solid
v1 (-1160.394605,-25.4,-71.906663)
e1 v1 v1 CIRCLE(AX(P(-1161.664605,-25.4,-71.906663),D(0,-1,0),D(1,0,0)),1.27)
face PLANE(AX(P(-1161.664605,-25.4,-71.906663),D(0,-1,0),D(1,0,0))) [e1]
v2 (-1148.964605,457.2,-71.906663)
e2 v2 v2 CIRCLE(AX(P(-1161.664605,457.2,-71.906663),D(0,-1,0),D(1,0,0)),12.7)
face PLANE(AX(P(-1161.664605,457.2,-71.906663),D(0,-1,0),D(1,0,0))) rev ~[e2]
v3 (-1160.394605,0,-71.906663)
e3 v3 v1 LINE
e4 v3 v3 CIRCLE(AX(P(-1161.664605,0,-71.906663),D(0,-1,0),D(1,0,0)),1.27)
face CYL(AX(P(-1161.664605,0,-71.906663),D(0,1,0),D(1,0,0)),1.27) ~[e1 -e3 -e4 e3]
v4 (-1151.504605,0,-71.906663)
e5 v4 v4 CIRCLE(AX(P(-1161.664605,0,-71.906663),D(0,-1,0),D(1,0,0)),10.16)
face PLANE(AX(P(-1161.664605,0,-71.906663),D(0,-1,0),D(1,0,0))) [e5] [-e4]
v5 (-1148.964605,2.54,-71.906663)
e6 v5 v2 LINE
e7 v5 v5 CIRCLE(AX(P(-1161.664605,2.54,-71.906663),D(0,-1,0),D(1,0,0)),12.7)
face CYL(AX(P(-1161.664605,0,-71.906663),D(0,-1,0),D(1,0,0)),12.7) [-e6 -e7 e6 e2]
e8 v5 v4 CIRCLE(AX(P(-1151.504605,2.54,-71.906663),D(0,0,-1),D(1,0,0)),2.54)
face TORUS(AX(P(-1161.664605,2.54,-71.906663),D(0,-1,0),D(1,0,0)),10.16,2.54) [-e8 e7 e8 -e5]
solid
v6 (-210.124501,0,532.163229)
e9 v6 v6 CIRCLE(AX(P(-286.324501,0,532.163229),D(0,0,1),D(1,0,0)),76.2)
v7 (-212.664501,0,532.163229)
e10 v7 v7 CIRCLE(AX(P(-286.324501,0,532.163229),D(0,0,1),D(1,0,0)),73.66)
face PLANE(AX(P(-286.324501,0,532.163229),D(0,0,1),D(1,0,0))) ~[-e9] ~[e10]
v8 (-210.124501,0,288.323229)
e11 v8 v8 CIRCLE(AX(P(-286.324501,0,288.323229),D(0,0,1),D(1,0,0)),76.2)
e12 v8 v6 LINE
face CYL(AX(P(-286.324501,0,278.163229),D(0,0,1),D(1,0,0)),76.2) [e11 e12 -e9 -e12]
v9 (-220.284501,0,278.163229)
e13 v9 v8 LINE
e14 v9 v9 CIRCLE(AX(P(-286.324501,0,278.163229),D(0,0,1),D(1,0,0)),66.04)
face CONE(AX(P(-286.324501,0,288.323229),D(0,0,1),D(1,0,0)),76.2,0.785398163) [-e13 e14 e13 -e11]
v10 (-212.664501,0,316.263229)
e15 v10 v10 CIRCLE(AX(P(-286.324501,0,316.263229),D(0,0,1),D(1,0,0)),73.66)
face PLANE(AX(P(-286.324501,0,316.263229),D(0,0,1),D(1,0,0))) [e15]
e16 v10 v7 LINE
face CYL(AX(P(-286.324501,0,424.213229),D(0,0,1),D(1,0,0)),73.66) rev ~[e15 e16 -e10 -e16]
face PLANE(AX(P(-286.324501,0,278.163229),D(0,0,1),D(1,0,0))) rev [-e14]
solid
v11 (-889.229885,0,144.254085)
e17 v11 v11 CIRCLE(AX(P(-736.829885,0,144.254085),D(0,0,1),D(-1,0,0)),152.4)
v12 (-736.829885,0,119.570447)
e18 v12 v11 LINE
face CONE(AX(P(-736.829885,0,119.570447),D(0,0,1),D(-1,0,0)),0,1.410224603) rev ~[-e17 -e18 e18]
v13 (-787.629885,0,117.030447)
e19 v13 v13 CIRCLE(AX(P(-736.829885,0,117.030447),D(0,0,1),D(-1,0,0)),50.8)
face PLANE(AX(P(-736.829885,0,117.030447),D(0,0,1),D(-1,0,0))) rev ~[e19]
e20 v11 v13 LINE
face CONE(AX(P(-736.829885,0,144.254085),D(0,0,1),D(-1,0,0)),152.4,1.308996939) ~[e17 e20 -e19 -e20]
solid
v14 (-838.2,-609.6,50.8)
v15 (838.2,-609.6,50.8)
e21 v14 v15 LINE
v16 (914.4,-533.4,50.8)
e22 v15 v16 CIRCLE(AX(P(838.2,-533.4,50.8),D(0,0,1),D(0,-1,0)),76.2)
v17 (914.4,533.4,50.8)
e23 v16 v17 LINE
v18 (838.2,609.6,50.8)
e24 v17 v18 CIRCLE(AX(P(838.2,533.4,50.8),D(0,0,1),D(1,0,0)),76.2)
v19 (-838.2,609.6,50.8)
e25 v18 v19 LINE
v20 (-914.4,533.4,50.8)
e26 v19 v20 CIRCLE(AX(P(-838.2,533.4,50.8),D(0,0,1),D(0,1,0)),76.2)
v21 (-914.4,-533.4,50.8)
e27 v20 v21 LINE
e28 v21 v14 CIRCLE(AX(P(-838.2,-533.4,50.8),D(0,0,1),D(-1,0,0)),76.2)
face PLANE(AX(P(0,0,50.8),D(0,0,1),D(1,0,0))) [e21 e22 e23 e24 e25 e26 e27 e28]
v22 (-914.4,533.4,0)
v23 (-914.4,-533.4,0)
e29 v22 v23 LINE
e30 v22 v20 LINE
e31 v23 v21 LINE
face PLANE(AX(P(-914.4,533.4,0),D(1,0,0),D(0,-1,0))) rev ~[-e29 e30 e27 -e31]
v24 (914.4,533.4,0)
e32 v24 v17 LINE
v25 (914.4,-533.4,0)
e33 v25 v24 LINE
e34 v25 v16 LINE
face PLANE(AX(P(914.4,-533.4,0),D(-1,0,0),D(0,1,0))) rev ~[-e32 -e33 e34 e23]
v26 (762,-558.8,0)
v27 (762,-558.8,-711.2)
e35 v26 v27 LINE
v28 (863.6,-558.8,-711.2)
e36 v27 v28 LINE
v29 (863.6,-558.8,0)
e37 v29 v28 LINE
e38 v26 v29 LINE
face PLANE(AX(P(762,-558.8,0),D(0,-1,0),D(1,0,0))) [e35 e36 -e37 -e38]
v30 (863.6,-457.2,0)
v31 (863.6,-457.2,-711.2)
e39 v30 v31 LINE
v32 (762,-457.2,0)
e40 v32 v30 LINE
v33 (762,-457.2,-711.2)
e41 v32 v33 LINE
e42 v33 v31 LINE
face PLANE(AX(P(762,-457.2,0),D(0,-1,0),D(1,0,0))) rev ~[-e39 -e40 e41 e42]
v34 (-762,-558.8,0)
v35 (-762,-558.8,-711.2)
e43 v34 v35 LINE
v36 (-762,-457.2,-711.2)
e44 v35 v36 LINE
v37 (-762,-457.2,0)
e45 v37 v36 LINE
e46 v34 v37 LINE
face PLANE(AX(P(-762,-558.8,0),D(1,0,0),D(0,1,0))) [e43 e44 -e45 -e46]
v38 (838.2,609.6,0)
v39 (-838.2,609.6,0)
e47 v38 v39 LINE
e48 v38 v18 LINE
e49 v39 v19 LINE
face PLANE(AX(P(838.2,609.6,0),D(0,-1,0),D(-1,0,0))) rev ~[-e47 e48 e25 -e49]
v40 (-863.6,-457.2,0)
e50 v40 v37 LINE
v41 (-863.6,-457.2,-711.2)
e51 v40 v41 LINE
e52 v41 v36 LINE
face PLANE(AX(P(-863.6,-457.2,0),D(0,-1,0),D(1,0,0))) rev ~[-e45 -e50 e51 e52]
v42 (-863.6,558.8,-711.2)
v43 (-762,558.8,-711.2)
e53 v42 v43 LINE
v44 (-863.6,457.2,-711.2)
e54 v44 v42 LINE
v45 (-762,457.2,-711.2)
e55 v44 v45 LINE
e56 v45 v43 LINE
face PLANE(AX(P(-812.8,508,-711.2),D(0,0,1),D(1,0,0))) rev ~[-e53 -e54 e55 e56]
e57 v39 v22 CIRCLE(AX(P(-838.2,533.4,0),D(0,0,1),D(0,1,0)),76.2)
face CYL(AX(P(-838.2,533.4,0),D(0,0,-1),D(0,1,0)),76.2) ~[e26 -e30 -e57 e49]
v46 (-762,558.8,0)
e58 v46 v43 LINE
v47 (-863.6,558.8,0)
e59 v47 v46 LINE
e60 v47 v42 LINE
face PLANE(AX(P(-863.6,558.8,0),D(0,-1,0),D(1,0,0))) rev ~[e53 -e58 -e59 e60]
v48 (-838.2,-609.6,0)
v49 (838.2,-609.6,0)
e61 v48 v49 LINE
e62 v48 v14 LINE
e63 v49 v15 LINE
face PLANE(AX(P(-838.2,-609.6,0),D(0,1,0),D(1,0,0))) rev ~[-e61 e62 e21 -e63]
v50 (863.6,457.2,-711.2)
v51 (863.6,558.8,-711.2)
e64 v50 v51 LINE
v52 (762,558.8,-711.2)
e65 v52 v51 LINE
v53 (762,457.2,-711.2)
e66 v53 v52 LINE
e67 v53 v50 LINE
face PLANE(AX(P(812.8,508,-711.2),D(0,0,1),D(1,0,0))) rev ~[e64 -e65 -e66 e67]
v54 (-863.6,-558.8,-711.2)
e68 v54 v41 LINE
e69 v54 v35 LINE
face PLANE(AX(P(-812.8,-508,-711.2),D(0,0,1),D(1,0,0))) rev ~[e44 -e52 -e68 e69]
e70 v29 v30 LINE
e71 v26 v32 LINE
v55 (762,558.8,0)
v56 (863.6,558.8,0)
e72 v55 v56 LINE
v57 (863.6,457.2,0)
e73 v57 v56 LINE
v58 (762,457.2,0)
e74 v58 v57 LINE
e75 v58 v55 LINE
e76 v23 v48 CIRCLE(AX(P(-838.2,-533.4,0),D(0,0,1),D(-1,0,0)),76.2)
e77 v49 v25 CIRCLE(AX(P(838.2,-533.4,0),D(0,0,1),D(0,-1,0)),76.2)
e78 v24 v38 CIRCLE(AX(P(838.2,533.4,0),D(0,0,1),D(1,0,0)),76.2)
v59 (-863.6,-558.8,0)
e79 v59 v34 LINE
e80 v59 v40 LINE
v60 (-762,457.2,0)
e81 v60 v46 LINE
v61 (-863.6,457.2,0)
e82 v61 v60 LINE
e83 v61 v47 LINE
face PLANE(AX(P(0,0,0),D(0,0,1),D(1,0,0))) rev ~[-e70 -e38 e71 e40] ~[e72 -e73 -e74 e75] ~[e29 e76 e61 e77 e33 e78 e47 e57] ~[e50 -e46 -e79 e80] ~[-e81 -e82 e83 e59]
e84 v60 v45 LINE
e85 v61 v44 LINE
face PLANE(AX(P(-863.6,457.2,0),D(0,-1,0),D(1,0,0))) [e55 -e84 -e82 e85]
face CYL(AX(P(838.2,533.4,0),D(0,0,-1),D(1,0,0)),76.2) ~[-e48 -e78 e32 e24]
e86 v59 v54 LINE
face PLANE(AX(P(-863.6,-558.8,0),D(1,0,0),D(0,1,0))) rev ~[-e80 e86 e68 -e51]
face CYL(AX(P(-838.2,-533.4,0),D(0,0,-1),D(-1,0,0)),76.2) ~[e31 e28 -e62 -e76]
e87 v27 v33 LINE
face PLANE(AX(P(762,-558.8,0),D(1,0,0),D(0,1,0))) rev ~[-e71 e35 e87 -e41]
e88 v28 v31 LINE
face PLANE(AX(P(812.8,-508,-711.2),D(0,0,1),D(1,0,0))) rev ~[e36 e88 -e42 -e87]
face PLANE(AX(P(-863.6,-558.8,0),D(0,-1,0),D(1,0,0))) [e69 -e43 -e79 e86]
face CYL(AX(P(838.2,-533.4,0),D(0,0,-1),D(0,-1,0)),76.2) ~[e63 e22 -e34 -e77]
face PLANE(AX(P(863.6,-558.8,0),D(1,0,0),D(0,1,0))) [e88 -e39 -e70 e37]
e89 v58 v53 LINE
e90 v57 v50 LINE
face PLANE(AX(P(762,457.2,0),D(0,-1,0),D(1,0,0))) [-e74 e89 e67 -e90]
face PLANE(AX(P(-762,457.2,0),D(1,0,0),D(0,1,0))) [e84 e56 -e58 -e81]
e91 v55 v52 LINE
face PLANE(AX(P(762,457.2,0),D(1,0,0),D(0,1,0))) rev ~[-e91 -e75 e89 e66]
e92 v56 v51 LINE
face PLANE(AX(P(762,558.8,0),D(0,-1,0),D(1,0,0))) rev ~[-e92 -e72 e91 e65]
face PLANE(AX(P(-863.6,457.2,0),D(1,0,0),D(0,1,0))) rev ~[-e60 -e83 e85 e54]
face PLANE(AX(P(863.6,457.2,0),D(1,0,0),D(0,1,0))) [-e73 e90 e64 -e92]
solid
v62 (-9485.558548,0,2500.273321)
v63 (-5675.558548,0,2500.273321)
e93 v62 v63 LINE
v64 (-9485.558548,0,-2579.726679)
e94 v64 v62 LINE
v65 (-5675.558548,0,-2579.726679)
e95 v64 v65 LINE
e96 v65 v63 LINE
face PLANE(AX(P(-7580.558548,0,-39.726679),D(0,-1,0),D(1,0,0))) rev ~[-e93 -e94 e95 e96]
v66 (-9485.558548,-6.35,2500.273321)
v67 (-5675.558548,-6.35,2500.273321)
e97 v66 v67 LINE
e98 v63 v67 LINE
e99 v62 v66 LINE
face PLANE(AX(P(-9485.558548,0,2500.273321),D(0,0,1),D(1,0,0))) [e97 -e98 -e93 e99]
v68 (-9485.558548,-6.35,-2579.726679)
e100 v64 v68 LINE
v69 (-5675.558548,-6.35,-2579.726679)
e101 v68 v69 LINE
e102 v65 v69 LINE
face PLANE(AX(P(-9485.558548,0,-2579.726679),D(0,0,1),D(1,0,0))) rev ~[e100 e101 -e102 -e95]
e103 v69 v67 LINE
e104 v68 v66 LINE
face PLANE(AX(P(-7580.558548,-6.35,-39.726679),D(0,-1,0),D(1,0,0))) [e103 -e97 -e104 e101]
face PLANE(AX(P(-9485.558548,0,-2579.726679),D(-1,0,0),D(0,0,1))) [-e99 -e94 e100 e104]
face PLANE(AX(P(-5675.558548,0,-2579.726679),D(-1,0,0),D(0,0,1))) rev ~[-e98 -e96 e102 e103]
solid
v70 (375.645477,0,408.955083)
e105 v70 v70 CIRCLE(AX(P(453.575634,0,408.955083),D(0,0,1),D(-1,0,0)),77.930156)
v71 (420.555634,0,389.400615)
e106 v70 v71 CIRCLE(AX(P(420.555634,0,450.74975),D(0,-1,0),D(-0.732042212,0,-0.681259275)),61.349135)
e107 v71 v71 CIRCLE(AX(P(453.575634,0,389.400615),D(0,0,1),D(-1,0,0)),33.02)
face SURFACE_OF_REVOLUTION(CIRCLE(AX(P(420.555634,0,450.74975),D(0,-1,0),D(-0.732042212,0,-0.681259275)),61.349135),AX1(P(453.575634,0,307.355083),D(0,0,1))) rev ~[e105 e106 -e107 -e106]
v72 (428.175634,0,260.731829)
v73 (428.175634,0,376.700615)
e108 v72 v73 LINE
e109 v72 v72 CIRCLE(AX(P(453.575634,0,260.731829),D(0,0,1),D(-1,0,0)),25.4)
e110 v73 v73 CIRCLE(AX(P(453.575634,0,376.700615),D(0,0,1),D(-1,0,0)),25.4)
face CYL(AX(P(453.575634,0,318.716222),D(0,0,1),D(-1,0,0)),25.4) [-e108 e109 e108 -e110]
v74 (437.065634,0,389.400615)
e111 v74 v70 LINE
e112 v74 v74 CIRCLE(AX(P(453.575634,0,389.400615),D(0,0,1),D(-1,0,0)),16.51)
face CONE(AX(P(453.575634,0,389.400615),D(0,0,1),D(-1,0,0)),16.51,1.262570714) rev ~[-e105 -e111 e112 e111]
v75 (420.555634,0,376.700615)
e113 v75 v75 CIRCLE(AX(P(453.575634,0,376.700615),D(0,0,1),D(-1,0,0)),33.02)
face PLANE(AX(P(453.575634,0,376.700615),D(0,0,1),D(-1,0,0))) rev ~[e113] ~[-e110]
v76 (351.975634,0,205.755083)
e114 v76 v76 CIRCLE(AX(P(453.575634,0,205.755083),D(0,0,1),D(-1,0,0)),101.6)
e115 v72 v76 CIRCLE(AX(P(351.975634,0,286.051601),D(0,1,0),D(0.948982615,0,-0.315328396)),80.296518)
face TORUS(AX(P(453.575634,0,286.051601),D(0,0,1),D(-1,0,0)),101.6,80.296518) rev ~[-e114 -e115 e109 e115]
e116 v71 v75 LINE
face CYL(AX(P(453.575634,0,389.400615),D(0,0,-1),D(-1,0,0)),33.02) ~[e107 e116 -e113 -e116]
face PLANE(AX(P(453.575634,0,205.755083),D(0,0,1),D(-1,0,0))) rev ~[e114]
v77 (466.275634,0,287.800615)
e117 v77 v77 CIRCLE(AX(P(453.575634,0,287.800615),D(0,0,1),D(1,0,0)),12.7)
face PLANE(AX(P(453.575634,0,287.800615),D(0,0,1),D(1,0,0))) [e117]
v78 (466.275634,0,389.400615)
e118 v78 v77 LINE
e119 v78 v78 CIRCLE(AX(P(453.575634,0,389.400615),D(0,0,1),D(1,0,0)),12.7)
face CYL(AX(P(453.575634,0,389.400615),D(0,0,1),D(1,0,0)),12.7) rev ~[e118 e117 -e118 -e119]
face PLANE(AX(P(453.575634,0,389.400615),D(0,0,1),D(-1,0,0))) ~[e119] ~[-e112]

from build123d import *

# Parameters (mm, degrees)
F0_W      = 101.6
F0_H      = 101.6
F1_DEPTH  = 50.8
F2_DEPTH  = 711.2
F3_W      = 2.54
F3_H      = 215.9
F5_SIZE   = 10.16
F8_R      = 12.7
F8_R_2    = 1.27
F9_DEPTH  = 457.2
F10_DEPTH = 25.4
F11_R     = 2.54
F12_W     = 25.4
F12_H     = 115.9687861614
F14_R     = 12.7
F15_DEPTH = 101.6
F16_W     = 3810
F16_H     = 5080
F17_DEPTH = 6.35


with BuildPart() as f1:
    # F0 (on Top) → F1 (new body)
    with BuildSketch(Plane.XY):
        with BuildLine():
            Line((838.2, 609.6), (-838.2, 609.6))
            ThreePointArc((-838.2, 609.6), (-892.0815367264, 587.2815367264), (-914.4, 533.4))
            Line((-914.4, 533.4), (-914.4, -533.4))
            ThreePointArc((-914.4, -533.4), (-892.0815367264, -587.2815367264), (-838.2, -609.6))
            Line((-838.2, -609.6), (838.2, -609.6))
            ThreePointArc((838.2, -609.6), (892.0815367264, -587.2815367264), (914.4, -533.4))
            Line((914.4, -533.4), (914.4, 533.4))
            ThreePointArc((914.4, 533.4), (892.0815367264, 587.2815367264), (838.2, 609.6))
        make_face()
        with Locations((-812.8, -508)):
            Rectangle(F0_W, F0_H, mode=Mode.SUBTRACT)
        with Locations((812.8, -508)):
            Rectangle(F0_W, F0_H, mode=Mode.SUBTRACT)
        with Locations((-812.8, 508)):
            Rectangle(F0_W, F0_H, mode=Mode.SUBTRACT)
        with Locations((812.8, 508)):
            Rectangle(F0_W, F0_H, mode=Mode.SUBTRACT)
        with Locations((-812.8, -508)):
            Rectangle(F0_W, F0_H)
        with Locations((812.8, -508)):
            Rectangle(F0_W, F0_H)
        with Locations((812.8, 508)):
            Rectangle(F0_W, F0_H)
        with Locations((-812.8, 508)):
            Rectangle(F0_W, F0_H)
    extrude(amount=F1_DEPTH)

    # F0 (on Top) → F2 (join)
    with BuildSketch(Plane.XY):
        with Locations((-812.8, -508)):
            Rectangle(F0_W, F0_H)
        with Locations((-812.8, 508)):
            Rectangle(F0_W, F0_H)
        with Locations((812.8, 508)):
            Rectangle(F0_W, F0_H)
        with Locations((812.8, -508)):
            Rectangle(F0_W, F0_H)
    extrude(amount=-F2_DEPTH)


with BuildPart() as f4:
    # F3 (on Front) → F4 (revolve)
    with BuildSketch(Plane.XZ):
        Polygon((-286.3245010376, 316.2632285118), (-286.3245010376, 278.1632285118), (-210.1245010376, 278.1632285118), (-210.1245010376, 316.2632285118), (-212.6645010376, 316.2632285118), align=None)
        with Locations((-211.3945010376, 424.2132285118)):
            Rectangle(F3_W, F3_H)
    revolve(axis=Axis((-286.3245010376, 0, 405.1632285118), (0, 0, 1)))

    # F5
    f5_edges = [f4.edges().sort_by_distance(p)[0] for p in [
        (-362.524501, 0, 278.163229),
    ]]
    chamfer(f5_edges, length=F5_SIZE)


with BuildPart() as f7:
    # F6 (on Front) → F7 (revolve)
    with BuildSketch(Plane.XZ):
        Polygon((-787.6298852921, 117.0304474873), (-736.8298852921, 117.0304474873), (-736.8298852921, 119.5704474873), (-889.2298852921, 144.2540854383), align=None)
    revolve(axis=Axis((-736.8298852921, 0, 187.9355122422), (0, 0, 1)))


with BuildPart() as f9:
    # F8 (on Front) → F9 (new body)
    with BuildSketch(Plane.XZ):
        with Locations((-1161.6646051407, -71.9066634774)):
            Circle(F8_R)
        with Locations((-1161.6646051407, -71.9066634774)):
            Circle(F8_R_2, mode=Mode.SUBTRACT)
        with Locations((-1161.6646051407, -71.9066634774)):
            Circle(F8_R_2)
    extrude(amount=-F9_DEPTH)

    # F8 (on Front) → F10 (join)
    with BuildSketch(Plane.XZ):
        with Locations((-1161.6646051407, -71.9066634774)):
            Circle(F8_R_2)
    extrude(amount=F10_DEPTH)

    # F11
    f11_edges = [f9.edges().sort_by_distance(p)[0] for p in [
        (-1174.364605, 0, -71.906663),
    ]]
    fillet(f11_edges, radius=F11_R)


with BuildPart() as f13:
    # F12 (on Front) → F13 (revolve)
    with BuildSketch(Plane.XZ):
        Polygon((428.1756336873, 376.7006152139), (453.5756336873, 376.7006152139), (453.5756336873, 389.4006152139), (437.0656336873, 389.4006152139), (420.5556336873, 389.4006152139), (420.5556336873, 376.7006152139), align=None)
        with Locations((440.8756336873, 318.7162221332)):
            Rectangle(F12_W, F12_H)
        with BuildLine():
            Line((351.9756336873, 205.7550829578), (453.5756336873, 205.7550829578))
            Line((453.5756336873, 205.7550829578), (453.5756336873, 260.7318290524))
            Line((453.5756336873, 260.7318290524), (428.1756336873, 260.7318290524))
            ThreePointArc((428.1756336873, 260.7318290524), (398.9567006482, 220.9339369722), (351.9756336873, 205.7550829578))
        make_face()
        with BuildLine():
            Line((420.5556336873, 389.4006152139), (437.0656336873, 389.4006152139))
            Line((437.0656336873, 389.4006152139), (375.645477209, 408.9550829578))
            ThreePointArc((375.645477209, 408.9550829578), (396.0643119403, 394.5012700165), (420.5556336873, 389.4006152139))
        make_face()
    revolve(axis=Axis((453.5756336873, 0, 307.3550829578), (0, 0, 1)))

    # F14 (on face) → F15 (cut)
    with BuildSketch(Plane.XY.offset(389.4006152139)):
        with Locations((453.5756336873, 0)):
            Circle(F14_R)
    extrude(amount=-F15_DEPTH, mode=Mode.SUBTRACT)


with BuildPart() as f17:
    # F16 (on Front) → F17 (new body)
    with BuildSketch(Plane.XZ):
        with Locations((-7580.5585479736, -39.7266790259)):
            Rectangle(F16_W, F16_H)
    extrude(amount=F17_DEPTH)


solid = Compound([f1.part, f4.part, f7.part, f9.part, f13.part, f17.part])
